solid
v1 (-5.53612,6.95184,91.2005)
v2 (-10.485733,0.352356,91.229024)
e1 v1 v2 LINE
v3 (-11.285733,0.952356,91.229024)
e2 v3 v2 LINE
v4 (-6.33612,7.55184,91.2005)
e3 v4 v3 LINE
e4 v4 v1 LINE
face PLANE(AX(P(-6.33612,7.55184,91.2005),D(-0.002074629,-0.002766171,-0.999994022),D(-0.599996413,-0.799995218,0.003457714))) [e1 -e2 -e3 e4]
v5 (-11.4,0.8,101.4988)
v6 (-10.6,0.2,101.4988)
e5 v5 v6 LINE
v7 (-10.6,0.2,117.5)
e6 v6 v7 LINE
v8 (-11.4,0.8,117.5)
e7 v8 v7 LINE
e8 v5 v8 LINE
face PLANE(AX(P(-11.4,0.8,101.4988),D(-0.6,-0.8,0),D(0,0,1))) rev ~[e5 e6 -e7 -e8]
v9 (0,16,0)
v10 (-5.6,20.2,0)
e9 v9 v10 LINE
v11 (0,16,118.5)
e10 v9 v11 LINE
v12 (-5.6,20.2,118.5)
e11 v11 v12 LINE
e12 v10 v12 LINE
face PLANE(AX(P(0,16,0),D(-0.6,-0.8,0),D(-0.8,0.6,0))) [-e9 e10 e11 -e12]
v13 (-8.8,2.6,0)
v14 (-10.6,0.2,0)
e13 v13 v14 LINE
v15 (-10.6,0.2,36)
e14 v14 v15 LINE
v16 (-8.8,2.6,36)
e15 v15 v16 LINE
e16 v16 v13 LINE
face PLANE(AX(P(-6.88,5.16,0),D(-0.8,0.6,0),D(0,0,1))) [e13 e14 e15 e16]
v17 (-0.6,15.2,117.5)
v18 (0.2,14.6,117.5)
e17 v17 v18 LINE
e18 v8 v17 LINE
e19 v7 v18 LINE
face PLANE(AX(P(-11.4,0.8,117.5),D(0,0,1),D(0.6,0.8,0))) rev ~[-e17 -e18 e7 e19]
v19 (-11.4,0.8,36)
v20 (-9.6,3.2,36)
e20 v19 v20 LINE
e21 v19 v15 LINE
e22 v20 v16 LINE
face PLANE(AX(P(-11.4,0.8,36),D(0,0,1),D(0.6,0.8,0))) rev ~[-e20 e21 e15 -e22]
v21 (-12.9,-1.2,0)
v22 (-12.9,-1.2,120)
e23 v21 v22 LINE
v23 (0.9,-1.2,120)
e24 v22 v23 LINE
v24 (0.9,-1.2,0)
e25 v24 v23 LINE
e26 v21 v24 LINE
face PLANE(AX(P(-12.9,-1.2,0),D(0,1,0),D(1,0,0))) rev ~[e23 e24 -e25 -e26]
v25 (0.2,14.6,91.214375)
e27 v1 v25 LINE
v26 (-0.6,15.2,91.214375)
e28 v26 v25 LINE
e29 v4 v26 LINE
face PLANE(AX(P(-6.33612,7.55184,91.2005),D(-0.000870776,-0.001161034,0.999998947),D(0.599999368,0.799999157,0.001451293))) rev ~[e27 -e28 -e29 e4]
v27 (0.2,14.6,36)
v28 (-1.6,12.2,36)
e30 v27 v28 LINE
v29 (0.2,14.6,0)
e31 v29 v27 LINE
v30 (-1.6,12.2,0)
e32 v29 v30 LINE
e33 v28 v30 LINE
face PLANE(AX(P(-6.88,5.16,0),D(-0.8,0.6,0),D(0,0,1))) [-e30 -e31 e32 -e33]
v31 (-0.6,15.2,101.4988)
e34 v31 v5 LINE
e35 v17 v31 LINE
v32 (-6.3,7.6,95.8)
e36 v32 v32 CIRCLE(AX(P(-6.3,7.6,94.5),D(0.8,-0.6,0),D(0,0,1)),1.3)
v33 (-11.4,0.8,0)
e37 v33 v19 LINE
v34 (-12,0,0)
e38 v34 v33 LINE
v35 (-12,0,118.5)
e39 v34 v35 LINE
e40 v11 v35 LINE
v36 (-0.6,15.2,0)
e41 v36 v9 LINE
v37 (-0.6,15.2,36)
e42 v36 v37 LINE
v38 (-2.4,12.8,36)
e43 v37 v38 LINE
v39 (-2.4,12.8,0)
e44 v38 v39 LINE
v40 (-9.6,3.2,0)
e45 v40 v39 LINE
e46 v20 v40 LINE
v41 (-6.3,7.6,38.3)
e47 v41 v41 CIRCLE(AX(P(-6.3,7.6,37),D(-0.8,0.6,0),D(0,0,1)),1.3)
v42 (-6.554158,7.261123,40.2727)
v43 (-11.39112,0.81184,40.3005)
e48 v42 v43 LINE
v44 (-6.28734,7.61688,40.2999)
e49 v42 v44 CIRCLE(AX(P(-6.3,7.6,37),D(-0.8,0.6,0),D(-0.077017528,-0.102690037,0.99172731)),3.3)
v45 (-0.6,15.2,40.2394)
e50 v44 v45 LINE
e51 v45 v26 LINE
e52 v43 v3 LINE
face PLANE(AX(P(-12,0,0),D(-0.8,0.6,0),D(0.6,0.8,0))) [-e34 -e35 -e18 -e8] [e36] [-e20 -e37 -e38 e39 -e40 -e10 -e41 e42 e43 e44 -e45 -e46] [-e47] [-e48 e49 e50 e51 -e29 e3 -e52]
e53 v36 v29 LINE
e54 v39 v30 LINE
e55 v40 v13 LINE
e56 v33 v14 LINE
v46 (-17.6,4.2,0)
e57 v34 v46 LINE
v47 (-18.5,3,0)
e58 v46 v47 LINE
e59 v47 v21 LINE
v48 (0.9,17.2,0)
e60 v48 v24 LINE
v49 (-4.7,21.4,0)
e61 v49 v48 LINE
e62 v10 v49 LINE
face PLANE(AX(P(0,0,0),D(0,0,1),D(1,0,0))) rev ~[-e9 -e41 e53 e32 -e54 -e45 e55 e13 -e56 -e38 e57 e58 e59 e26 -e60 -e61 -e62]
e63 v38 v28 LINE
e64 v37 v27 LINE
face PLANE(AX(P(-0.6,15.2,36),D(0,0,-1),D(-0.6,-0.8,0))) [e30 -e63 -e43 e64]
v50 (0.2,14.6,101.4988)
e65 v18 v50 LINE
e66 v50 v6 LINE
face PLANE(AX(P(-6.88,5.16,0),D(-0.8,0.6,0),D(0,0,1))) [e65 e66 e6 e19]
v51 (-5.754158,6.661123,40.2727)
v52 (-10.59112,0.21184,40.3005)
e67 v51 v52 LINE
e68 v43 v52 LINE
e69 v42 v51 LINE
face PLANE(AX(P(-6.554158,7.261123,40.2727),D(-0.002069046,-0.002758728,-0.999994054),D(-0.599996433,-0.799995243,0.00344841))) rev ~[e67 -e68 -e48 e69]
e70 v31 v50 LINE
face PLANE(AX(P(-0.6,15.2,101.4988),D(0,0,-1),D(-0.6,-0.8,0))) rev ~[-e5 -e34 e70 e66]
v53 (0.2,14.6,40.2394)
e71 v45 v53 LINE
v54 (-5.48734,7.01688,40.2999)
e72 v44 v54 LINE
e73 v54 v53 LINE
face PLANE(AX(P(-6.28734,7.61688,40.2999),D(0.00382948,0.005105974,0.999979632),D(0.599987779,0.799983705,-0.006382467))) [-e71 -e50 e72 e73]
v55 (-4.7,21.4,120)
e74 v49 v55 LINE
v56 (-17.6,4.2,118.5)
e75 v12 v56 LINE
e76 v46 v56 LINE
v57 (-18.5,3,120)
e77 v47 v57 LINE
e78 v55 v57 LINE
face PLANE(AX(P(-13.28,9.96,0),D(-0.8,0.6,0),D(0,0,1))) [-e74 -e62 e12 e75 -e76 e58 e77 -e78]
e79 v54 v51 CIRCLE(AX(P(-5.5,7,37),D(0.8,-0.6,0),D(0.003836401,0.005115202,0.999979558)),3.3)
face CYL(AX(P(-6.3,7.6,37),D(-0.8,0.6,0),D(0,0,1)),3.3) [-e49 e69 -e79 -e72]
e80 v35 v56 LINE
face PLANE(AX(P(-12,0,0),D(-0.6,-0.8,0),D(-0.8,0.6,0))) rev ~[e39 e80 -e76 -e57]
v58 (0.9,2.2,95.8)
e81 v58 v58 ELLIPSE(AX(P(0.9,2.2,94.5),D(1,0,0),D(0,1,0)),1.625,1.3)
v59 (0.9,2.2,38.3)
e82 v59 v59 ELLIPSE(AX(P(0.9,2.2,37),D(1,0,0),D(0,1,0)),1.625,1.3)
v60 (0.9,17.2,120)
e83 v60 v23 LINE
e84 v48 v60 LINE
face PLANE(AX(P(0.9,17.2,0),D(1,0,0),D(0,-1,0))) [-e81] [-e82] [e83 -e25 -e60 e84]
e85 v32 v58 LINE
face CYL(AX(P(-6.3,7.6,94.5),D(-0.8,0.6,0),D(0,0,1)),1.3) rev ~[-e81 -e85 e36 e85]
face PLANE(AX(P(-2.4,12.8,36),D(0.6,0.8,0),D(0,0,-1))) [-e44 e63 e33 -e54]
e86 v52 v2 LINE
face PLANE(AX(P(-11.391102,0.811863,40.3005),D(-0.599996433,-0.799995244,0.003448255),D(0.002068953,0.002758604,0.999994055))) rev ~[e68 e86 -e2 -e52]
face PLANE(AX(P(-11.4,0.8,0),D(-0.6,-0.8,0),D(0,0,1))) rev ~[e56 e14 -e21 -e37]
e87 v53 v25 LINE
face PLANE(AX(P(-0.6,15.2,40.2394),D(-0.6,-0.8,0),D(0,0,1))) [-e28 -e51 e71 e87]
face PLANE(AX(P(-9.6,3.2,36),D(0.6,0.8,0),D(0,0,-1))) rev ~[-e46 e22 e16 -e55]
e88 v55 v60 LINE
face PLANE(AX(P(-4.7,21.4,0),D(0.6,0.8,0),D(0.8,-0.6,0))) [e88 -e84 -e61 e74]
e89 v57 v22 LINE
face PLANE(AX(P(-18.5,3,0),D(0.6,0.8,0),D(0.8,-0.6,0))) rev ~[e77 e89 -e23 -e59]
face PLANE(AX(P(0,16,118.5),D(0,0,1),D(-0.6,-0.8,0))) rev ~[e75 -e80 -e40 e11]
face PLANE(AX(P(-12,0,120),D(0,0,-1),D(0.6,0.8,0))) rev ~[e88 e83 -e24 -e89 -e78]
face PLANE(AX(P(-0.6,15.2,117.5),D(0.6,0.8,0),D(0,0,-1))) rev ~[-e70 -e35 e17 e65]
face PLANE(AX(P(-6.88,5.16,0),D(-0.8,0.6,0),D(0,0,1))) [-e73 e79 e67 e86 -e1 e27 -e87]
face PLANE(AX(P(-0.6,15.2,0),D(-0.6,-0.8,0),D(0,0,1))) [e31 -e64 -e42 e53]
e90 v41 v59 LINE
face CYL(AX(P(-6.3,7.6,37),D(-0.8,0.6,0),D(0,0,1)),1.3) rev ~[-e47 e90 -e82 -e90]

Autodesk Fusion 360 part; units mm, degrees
sketch "スケッチ1" plane through (0, 0, 0) normal (0, 0, 1) x (1, 0, 0)
  line L0 (0, 0) -> (0, 16)
  line L1 (0, 0) -> (-12, 0)
  line L2 (-12, 0) -> (0, 16)
  line L3 (0, 16) -> (0.9, 17.2)
  line L4 (-12, 0) -> (-12.5407, 0)
  line L5 (-12, 0) -> (-12.9, -1.2)
  line L6 (-12, 0) -> (-17.6, 4.2)
  line L7 (-17.6, 4.2) -> (-18.5, 3)
  line L8 (-18.5, 3) -> (-12.9, -1.2)
  line L9 (0, 16) -> (-5.6, 20.2)
  line L10 (-5.6, 20.2) -> (-4.7, 21.4)
  line L11 (-4.7, 21.4) -> (0.9, 17.2)
  line L12 (0.9, 17.2) -> (0.9, -4)
  line L13 (-12.9, -1.2) -> (1.7279, -1.2)
  dimension "d1" = 16
  dimension "d3" = 1.5
  dimension "d4" = 1.5
  dimension "d5" = 7
  dimension "d6" = 1.5
  dimension "d7" = 7
  dimension "d8" = 1.5
extrude "押し出し1" add sketch "スケッチ1" along normal blind 120
sketch "スケッチ2" plane through (-7.68, 5.76, 0) normal (-0.8, 0.6, 0) x (0, 0, 1)
  line L0 (0, 12.8) -> (0, -7.2)
  line L1 (0, -7.2) -> (120, -7.2)
  line L2 (120, -7.2) -> (120, 12.8)
  line L3 (120, 12.8) -> (0, 12.8)
  line L4 (120, 12.8) -> (118.5, 12.8)
  line L5 (118.5, 12.8) -> (118.5, -7.2)
  line L6 (118.5, -7.2) -> (120, -7.2)
  line L7 (120, -7.2) -> (120, 12.8)
  dimension "d11" = 1.5
  dimension "d12" = 20
extrude "押し出し2" add sketch "スケッチ2" along normal blind 7 contours L1 L2 L3 L4 L5 L6 L7
sketch "スケッチ3" plane through (-7.68, 5.76, 0) normal (-0.8, 0.6, 0) x (0, 0, 1)
  line L0 (118.5, -7.2) -> (118.5, 12.8)
  line L1 (118.5, 12.8) -> (0, 12.8)
  line L2 (0, 12.8) -> (0, -7.2)
  line L3 (0, -7.2) -> (118.5, -7.2)
  line L4 (118.5, -7.2) -> (94.5, -7.2)
  line L5 (94.5, -7.2) -> (94.5, 2.3)
  circle A0 centre (94.5, 2.3) radius 1.3
  line L6 (94.5, 2.3) -> (37, 2.3)
  circle A1 centre (37, 2.3) radius 1.3
  dimension "d15" = 24
  dimension "d16" = 9.5
  dimension "d17" = 2.6
  dimension "d18" = 57.5
  dimension "d19" = 2.6
extrude "押し出し3" cut sketch "スケッチ3" against normal blind 20 contours A1 | L5 A0 L6 | L5 A0 L6
sketch "スケッチ4" plane through (-7.68, 5.76, 0) normal (-0.8, 0.6, 0) x (0, 0, 1)
  circle A0 centre (37, 2.3) radius 1.3
  circle A1 centre (94.5, 2.3) radius 1.3
  line L0 (118.5, -7.2) -> (118.5, 12.8)
  line L1 (118.5, 12.8) -> (0, 12.8)
  line L2 (0, 12.8) -> (0, -7.2)
  line L3 (0, -7.2) -> (118.5, -7.2)
  line L4 (0, 12.8) -> (0, 11.8)
  line L5 (0, 11.8) -> (36, 11.8)
  line L6 (36, 11.8) -> (36, 8.8)
  line L7 (36, 8.8) -> (0, 8.8)
  line L8 (0, 8.8) -> (0, 11.8)
  line L9 (0, -7.2) -> (0, -6.2)
  line L10 (0, -6.2) -> (36, -6.2)
  line L11 (36, -6.2) -> (36, -3.2)
  line L12 (36, -3.2) -> (0, -3.2)
  line L13 (0, -3.2) -> (0, -6.2)
  line L14 (36, 11.8) -> (94, 11.8)
  line L15 (36, -6.2) -> (94, -6)
  circle A2 centre (37, 2.3) radius 3.3
  line L16 (40.2999, 2.3211) -> (40.2394, 11.8)
  line L17 (40.2697, 2.7464) -> (40.3005, -6.1852)
  circle A3 centre (94.5, 2.3) radius 3.3
  line L18 (91.2005, 2.2398) -> (91.2305, -6.4364)
  line L19 (91.2005, 2.2398) -> (91.2155, 12.5754)
  dimension "d22" = 1
  dimension "d23" = 3
  dimension "d24" = 1
  dimension "d25" = 3
  dimension "d26" = 2
  dimension "d27" = 2
extrude "押し出し4" cut sketch "スケッチ4" against normal blind 1 contours L2 L10 L11 L12 L13 | L2 L5 L6 L7 L8 | L14 L15 A2 L16 L17 L18 L19
sketch "スケッチ5" plane through (-7.68, 5.76, 0) normal (-0.8, 0.6, 0) x (0, 0, 1)
  line L0 (36, 8.8) -> (0, 8.8)
  line L1 (0, 8.8) -> (0, -3.2)
  line L2 (0, -3.2) -> (36, -3.2)
  line L3 (36, -3.2) -> (36, -6.2)
  line L4 (36, -6.2) -> (0, -6.2)
  line L5 (0, -6.2) -> (0, -7.2)
  line L6 (0, -7.2) -> (118.5, -7.2)
  line L7 (118.5, -7.2) -> (118.5, 12.8)
  line L8 (118.5, 12.8) -> (0, 12.8)
  line L9 (0, 12.8) -> (0, 11.8)
  line L10 (0, 11.8) -> (36, 11.8)
  line L11 (36, 11.8) -> (36, 8.8)
  line L12 (40.2394, 11.8) -> (91.2144, 11.8)
  line L13 (91.2144, 11.8) -> (91.2007, 2.3697)
  arc A0 (91.2007, 2.3697) -> (91.2005, 2.2398) centre (94.5, 2.3) ccw
  line L14 (91.2005, 2.2398) -> (91.229, -6.0096)
  line L15 (91.229, -6.0096) -> (40.3005, -6.1852)
  line L16 (40.3005, -6.1852) -> (40.2727, 1.8761)
  arc A1 (40.2727, 1.8761) -> (40.2999, 2.3211) centre (37, 2.3) ccw
  line L17 (40.2999, 2.3211) -> (40.2394, 11.8)
  circle A2 centre (37, 2.3) radius 1.3
  circle A3 centre (94.5, 2.3) radius 1.3
  line L18 (37, 11.8) -> (37, 7.8)
  line L19 (37, 7.8) -> (1, 7.8)
  line L20 (1, 7.8) -> (1, -2.2)
  line L21 (1, -2.2) -> (37, -2.2)
  line L22 (37, -2.2) -> (37, -6.2)
  line L23 (37, -6.2) -> (117.5, -6.2)
  line L24 (117.5, -6.2) -> (117.5, 11.8)
  line L25 (117.5, 11.8) -> (37, 11.8)
  line L26 (101.4988, 11.8) -> (101.4988, -6.2)
  dimension "d30" = -1
extrude "押し出し5" cut sketch "スケッチ5" against normal blind 1 contours L23 L24 L25 L26
